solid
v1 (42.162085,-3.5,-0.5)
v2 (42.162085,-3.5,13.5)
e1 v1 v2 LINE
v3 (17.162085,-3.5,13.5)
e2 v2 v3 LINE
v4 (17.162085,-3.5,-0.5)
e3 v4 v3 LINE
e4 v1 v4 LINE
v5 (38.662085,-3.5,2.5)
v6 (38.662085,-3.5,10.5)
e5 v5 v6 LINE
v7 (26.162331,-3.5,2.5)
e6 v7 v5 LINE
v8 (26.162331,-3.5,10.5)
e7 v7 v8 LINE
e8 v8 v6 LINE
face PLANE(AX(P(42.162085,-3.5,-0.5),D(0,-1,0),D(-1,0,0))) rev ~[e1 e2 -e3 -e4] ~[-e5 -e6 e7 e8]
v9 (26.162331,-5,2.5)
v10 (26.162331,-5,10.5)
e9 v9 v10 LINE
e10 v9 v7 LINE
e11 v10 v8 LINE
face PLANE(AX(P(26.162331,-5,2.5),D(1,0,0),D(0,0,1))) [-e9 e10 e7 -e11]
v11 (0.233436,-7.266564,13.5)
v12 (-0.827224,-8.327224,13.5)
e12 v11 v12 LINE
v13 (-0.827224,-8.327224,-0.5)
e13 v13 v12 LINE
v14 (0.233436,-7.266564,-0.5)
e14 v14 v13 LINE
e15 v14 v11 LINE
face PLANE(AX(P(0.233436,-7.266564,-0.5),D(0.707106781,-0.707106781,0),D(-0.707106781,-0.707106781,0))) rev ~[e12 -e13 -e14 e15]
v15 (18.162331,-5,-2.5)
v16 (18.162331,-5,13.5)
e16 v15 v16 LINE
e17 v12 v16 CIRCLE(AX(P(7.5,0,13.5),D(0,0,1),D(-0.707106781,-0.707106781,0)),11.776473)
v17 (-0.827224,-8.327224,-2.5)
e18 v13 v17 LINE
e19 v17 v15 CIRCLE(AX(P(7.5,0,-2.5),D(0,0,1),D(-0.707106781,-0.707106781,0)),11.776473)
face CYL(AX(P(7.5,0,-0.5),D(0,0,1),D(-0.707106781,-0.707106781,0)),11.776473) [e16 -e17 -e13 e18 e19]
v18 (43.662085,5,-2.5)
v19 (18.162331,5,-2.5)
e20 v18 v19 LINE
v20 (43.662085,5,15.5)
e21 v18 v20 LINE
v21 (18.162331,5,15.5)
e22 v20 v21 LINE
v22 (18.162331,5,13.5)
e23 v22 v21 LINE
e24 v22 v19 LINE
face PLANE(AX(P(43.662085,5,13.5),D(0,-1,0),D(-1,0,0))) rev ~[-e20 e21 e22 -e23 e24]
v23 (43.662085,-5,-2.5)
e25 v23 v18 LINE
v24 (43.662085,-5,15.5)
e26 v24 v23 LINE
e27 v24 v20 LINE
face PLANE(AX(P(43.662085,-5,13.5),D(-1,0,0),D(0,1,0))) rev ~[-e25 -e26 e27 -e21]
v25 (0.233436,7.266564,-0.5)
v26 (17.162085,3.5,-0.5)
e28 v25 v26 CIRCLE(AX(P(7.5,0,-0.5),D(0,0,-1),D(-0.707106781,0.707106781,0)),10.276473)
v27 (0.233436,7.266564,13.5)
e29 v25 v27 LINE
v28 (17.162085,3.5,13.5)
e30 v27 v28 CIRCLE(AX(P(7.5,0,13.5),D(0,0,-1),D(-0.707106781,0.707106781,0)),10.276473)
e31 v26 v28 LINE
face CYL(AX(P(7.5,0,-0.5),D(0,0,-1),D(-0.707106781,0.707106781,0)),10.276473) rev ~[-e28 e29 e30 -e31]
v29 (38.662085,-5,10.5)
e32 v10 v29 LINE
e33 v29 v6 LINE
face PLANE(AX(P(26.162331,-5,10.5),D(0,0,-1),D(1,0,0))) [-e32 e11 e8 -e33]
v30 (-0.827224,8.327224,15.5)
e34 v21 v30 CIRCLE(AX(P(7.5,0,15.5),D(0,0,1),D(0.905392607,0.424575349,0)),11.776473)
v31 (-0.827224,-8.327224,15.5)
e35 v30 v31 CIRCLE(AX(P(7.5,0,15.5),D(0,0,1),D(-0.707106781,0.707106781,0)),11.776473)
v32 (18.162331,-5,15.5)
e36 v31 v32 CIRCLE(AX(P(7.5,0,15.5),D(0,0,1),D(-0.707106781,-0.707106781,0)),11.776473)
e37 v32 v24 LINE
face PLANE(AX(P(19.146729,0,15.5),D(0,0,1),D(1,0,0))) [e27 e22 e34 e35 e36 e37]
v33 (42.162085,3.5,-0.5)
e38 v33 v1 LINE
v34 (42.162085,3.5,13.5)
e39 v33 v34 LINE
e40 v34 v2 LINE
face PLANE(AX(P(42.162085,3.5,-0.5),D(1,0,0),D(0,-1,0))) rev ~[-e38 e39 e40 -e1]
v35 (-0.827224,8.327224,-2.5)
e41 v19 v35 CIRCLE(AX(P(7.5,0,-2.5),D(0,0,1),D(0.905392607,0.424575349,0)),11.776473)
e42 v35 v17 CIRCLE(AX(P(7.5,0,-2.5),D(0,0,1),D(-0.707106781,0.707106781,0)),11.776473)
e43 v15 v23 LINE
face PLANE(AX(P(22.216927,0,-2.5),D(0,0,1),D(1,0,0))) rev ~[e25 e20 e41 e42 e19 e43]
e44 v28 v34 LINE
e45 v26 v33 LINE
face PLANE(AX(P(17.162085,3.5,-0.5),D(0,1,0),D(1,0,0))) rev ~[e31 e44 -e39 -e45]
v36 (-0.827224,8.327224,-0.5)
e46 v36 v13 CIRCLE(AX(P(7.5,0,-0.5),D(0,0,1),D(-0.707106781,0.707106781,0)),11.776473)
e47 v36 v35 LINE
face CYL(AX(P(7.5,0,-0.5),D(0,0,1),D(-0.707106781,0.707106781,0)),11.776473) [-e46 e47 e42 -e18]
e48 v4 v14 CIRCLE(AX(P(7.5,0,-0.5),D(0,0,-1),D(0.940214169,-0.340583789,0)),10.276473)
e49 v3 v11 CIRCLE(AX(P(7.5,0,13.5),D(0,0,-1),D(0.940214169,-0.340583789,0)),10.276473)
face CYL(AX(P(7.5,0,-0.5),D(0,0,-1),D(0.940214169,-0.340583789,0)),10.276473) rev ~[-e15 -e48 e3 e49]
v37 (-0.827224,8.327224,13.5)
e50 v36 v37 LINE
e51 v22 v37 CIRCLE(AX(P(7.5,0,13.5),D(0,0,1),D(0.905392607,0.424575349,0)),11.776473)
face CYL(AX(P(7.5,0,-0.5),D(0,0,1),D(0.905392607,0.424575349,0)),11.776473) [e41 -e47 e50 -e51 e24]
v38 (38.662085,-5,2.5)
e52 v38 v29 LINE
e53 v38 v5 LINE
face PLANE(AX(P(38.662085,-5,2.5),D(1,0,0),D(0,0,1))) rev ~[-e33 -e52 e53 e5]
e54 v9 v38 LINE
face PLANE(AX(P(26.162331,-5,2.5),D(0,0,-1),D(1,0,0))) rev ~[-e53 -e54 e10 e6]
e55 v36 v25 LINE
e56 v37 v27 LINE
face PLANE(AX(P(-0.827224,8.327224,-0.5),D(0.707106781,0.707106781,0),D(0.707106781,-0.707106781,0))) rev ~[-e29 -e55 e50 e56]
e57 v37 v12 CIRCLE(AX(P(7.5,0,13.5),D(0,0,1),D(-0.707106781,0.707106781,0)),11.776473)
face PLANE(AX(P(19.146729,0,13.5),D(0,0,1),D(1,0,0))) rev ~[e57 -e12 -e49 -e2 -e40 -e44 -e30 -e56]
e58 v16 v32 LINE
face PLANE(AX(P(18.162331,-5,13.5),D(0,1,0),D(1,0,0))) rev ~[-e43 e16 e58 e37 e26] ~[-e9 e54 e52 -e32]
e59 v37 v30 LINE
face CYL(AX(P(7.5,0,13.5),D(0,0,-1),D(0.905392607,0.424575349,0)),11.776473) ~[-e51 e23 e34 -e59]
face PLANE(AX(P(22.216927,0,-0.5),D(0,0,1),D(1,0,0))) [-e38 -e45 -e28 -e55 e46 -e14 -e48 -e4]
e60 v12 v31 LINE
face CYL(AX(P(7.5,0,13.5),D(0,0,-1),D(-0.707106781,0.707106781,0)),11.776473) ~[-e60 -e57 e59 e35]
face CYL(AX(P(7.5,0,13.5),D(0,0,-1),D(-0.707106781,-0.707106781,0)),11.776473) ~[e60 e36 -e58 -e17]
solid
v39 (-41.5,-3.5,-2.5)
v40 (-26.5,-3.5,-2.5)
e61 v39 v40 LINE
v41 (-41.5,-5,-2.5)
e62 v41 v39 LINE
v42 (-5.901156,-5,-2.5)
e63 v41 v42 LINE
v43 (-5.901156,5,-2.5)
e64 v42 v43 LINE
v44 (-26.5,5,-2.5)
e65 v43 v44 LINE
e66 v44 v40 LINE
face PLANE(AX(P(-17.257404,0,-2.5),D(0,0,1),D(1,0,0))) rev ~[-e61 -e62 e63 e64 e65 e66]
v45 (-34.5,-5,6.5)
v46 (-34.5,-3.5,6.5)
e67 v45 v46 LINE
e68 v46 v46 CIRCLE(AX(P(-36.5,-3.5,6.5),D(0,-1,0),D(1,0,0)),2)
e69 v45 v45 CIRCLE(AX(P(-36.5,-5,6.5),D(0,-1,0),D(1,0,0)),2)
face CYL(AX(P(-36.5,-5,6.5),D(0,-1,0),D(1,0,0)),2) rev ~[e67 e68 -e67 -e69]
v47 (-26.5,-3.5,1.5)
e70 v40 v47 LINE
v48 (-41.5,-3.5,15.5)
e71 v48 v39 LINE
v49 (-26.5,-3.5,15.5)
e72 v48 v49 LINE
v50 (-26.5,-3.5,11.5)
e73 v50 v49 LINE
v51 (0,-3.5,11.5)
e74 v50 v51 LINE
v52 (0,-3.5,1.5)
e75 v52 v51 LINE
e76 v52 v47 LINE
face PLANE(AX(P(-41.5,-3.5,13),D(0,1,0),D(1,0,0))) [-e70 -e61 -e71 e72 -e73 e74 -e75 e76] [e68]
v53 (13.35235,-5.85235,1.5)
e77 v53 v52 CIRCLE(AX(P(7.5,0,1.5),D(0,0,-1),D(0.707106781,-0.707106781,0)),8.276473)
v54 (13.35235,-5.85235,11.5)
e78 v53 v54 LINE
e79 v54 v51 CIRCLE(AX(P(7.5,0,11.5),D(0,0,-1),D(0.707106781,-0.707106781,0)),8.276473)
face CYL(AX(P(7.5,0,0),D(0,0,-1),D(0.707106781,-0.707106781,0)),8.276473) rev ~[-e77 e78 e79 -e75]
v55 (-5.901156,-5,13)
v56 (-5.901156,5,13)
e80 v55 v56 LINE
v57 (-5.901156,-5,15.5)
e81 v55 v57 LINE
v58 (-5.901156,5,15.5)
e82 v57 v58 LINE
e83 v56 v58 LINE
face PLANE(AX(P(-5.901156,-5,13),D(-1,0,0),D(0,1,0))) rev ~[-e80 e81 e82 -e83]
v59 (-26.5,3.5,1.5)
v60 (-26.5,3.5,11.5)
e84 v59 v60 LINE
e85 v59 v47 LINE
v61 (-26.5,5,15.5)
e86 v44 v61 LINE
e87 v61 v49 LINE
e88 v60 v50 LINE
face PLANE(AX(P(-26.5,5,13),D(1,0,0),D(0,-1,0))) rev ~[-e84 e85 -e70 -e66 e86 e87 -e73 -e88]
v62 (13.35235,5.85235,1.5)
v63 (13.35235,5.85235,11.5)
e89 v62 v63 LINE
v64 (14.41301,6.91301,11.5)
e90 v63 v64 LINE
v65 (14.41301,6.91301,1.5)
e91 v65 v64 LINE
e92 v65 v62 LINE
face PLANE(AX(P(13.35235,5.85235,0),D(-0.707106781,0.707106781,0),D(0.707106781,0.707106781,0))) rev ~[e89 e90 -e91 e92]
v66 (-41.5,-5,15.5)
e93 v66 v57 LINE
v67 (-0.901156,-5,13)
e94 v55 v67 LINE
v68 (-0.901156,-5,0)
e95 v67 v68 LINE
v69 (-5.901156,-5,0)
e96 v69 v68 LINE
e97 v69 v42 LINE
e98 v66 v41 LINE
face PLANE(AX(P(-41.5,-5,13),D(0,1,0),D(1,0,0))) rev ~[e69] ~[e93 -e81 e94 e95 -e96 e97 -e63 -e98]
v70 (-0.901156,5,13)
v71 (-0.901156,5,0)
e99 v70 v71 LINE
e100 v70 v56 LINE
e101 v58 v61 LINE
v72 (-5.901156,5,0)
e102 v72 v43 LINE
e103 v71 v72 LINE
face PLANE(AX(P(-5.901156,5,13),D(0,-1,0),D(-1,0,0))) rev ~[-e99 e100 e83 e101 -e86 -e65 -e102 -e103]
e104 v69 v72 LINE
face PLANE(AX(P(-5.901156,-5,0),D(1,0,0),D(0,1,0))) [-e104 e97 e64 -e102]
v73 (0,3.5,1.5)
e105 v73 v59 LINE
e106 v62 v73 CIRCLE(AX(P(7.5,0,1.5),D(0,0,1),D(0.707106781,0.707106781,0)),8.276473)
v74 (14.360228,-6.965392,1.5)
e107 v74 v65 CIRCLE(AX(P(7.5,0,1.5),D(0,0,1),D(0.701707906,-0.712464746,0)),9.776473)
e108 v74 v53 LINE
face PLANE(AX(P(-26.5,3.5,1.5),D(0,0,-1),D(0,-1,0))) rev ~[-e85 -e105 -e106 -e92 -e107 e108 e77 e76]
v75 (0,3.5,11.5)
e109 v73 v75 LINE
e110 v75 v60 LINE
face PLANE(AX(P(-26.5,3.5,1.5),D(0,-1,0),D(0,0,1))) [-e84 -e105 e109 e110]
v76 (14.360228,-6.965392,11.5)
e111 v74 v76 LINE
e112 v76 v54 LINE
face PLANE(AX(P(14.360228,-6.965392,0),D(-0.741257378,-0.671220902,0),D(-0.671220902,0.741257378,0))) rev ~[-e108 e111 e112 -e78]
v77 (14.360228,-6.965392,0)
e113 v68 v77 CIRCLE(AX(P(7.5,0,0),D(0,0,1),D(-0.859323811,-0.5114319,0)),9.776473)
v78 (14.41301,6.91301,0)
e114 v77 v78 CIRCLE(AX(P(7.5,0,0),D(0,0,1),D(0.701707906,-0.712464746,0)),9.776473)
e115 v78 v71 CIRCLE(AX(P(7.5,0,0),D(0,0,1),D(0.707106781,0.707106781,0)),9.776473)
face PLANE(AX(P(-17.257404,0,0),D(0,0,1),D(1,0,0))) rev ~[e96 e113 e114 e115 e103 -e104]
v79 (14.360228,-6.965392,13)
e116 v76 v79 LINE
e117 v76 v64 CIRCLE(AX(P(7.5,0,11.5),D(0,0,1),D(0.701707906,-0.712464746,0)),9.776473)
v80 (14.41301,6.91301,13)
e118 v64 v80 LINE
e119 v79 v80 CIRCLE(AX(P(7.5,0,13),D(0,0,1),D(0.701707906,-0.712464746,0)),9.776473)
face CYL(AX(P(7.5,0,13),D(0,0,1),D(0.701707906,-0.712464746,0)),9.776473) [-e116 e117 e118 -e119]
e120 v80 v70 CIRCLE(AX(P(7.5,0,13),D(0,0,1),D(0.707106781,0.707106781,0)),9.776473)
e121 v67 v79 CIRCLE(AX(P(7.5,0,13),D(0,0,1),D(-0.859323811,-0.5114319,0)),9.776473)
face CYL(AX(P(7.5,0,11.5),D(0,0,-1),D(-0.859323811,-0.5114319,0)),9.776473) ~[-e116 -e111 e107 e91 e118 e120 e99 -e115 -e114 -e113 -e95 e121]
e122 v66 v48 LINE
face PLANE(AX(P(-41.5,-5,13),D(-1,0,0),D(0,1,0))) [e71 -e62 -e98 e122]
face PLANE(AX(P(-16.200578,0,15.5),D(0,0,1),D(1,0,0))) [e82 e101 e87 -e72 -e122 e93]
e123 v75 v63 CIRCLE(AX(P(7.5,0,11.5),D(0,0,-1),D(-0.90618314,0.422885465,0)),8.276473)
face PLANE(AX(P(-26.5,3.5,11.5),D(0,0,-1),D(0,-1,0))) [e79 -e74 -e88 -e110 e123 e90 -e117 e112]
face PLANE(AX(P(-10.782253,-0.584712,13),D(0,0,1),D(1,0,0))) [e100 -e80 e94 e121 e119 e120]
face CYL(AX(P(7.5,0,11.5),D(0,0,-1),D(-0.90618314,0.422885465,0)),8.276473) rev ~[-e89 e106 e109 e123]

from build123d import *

# Parameters (mm, degrees)
F0_W      = 15
F0_H      = 1.5
F3_DEPTH  = 11.5
F0_W_2    = 19.098844244
F0_H_2    = 7
F0_W_3    = 5.901155756
F4_DEPTH  = 1.5
F7_DEPTH  = 1.5
F8_W      = 7
F8_H      = 10
F9_DEPTH  = 1.5
F10_DEPTH = 14
F11_DEPTH = 2
F14_DEPTH = 2
F15_R     = 2
F16_DEPTH = 1.5
F17_W     = 12.4997539157
F17_H     = 8
F18_DEPTH = 1.5
F19_DEPTH = 2.5
F6_W      = 15
F6_H      = 1.5
F20_DEPTH = 2.5


with BuildPart() as f3:
    # F0 (on Top) → F3 (new body)
    with BuildSketch(Plane.XY):
        Polygon((-25, -3.5), (-25, 3.5), (-5.901155756, 3.5), (-5.901155756, 5), (-26.5, 5), (-26.5, -3.5), (-26.5, -5), (-5.901155756, -5), (-5.901155756, -3.5), align=None)
        with BuildLine():
            Line((-5.901155756, 5), (-5.901155756, 3.5))
            Line((-5.901155756, 3.5), (0, 3.5))
            ThreePointArc((0, 3.5), (6.0640072265, 8.150946249), (13.3523499554, 5.8523499554))
            Line((13.3523499554, 5.8523499554), (14.4130101271, 6.9130101271))
            ThreePointArc((14.4130101271, 6.9130101271), (6.288164083, 9.7010758035), (-0.901155756, 5))
            Line((-0.901155756, 5), (-5.901155756, 5))
        make_face()
        with Locations((-34, -4.25)):
            Rectangle(F0_W, F0_H)
        with BuildLine():
            Line((0, -3.5), (-5.901155756, -3.5))
            Line((-5.901155756, -3.5), (-5.901155756, -5))
            Line((-5.901155756, -5), (-0.901155756, -5))
            ThreePointArc((-0.901155756, -5), (6.2512782538, -9.6963968584), (14.3602281761, -6.9653921216))
            Line((14.3602281761, -6.9653921216), (13.3523499554, -5.8523499554))
            ThreePointArc((13.3523499554, -5.8523499554), (6.0640072265, -8.150946249), (0, -3.5))
        make_face()
    extrude(amount=F3_DEPTH)

    # F3_face (on face) + F0 (on Top) → F4 (join)
    with BuildSketch(Plane(origin=(-10.9399146221, -0.5895055558, 11.5), x_dir=(1, 0, 0), z_dir=(0, 0, 1))):
        with BuildLine():
            Line((-15.5600853779, 5.5895055558), (-15.5600853779, -2.9104944442))
            Line((-15.5600853779, -2.9104944442), (-30.5600853779, -2.9104944442))
            Line((-30.5600853779, -2.9104944442), (-30.5600853779, -4.4104944442))
            Line((-30.5600853779, -4.4104944442), (10.0387588661, -4.4104944442))
            ThreePointArc((10.0387588661, -4.4104944442), (17.1911928759, -9.1068913026), (25.3001427982, -6.3758865658))
            Line((25.3001427982, -6.3758865658), (24.2922645775, -5.2628443995))
            ThreePointArc((24.2922645775, -5.2628443995), (17.0039218486, -7.5614406932), (10.9399146221, -2.9104944442))
            Line((10.9399146221, -2.9104944442), (-14.0600853779, -2.9104944442))
            Line((-14.0600853779, -2.9104944442), (-14.0600853779, 4.0895055558))
            Line((-14.0600853779, 4.0895055558), (10.9399146221, 4.0895055558))
            ThreePointArc((10.9399146221, 4.0895055558), (17.0039218486, 8.7404518048), (24.2922645775, 6.4418555112))
            Line((24.2922645775, 6.4418555112), (25.3529247492, 7.502515683))
            ThreePointArc((25.3529247492, 7.502515683), (17.2280787051, 10.2905813594), (10.0387588661, 5.5895055558))
            Line((10.0387588661, 5.5895055558), (-15.5600853779, 5.5895055558))
        make_face()
    with BuildSketch(Plane.XY):
        Polygon((-25, -3.5), (-25, 3.5), (-5.901155756, 3.5), (-5.901155756, 5), (-26.5, 5), (-26.5, -3.5), (-26.5, -5), (-5.901155756, -5), (-5.901155756, -3.5), align=None)
        with BuildLine():
            Line((0, -3.5), (-5.901155756, -3.5))
            Line((-5.901155756, -3.5), (-5.901155756, -5))
            Line((-5.901155756, -5), (-0.901155756, -5))
            ThreePointArc((-0.901155756, -5), (6.2512782538, -9.6963968584), (14.3602281761, -6.9653921216))
            Line((14.3602281761, -6.9653921216), (13.3523499554, -5.8523499554))
            ThreePointArc((13.3523499554, -5.8523499554), (6.0640072265, -8.150946249), (0, -3.5))
        make_face()
        with BuildLine():
            ThreePointArc((13.3523499554, 5.8523499554), (6.0640072265, 8.150946249), (0, 3.5))
            Line((0, 3.5), (0, -3.5))
            ThreePointArc((0, -3.5), (6.0640072265, -8.150946249), (13.3523499554, -5.8523499554))
            Line((13.3523499554, -5.8523499554), (7.5, 0))
            Line((7.5, 0), (13.3523499554, 5.8523499554))
        make_face()
        with BuildLine():
            Line((14.4130101271, 6.9130101271), (13.3523499554, 5.8523499554))
            Line((13.3523499554, 5.8523499554), (7.5, 0))
            Line((7.5, 0), (13.3523499554, -5.8523499554))
            Line((13.3523499554, -5.8523499554), (14.3602281761, -6.9653921216))
            ThreePointArc((14.3602281761, -6.9653921216), (17.2764019754, -0.0371813384), (14.4130101271, 6.9130101271))
        make_face()
        with Locations((-15.450577878, 0)):
            Rectangle(F0_W_2, F0_H_2)
        with Locations((-2.950577878, 0)):
            Rectangle(F0_W_3, F0_H_2)
    extrude(amount=F4_DEPTH)

    # F6 (on offset) → F7 (join)
    with BuildSketch(Plane.XY.offset(13)):
        Polygon((-26.5, -3.5), (-26.5, -5), (-5.901155756, -5), (-5.901155756, 5), (-26.5, 5), align=None)
        with BuildLine():
            Line((-5.901155756, 5), (-5.901155756, -5))
            Line((-5.901155756, -5), (-0.901155756, -5))
            ThreePointArc((-0.901155756, -5), (6.2512782538, -9.6963968584), (14.3602281761, -6.9653921216))
            ThreePointArc((14.3602281761, -6.9653921216), (17.2764019754, -0.0371813384), (14.4130101271, 6.9130101271))
            ThreePointArc((14.4130101271, 6.9130101271), (6.288164083, 9.7010758035), (-0.901155756, 5))
            Line((-0.901155756, 5), (-5.901155756, 5))
        make_face()
    extrude(amount=-F7_DEPTH)

    # F8 (on face) → F9 (cut, through all)
    with BuildSketch(Plane(origin=(-26.5, 0, 0), x_dir=(0, -1, 0), z_dir=(-1, 0, 0))):
        with Locations((0, 6.5)):
            Rectangle(F8_W, F8_H)
    extrude(amount=-F9_DEPTH, mode=Mode.SUBTRACT)

    # F15 (on face) → F16 (cut, through all)
    with BuildSketch(Plane.XZ.offset(5)):
        with Locations((-36.5, 6.5)):
            Circle(F15_R)
    extrude(amount=-F16_DEPTH, mode=Mode.SUBTRACT)

    # F0 (on Top) → F19 (join)
    with BuildSketch(Plane.XY):
        Polygon((-25, -3.5), (-25, 3.5), (-5.901155756, 3.5), (-5.901155756, 5), (-26.5, 5), (-26.5, -3.5), (-26.5, -5), (-5.901155756, -5), (-5.901155756, -3.5), align=None)
        with Locations((-15.450577878, 0)):
            Rectangle(F0_W_2, F0_H_2)
        with Locations((-34, -4.25)):
            Rectangle(F0_W, F0_H)
    extrude(amount=-F19_DEPTH)

    # F6 (on offset) → F20 (join)
    with BuildSketch(Plane.XY.offset(13)):
        Polygon((-26.5, -3.5), (-26.5, -5), (-5.901155756, -5), (-5.901155756, 5), (-26.5, 5), align=None)
        with Locations((-34, -4.25)):
            Rectangle(F6_W, F6_H)
    extrude(amount=F20_DEPTH)


with BuildPart() as f10:
    # F2 (on offset) → F10 (new body)
    with BuildSketch(Plane.XY.offset(-0.5)):
        with BuildLine():
            ThreePointArc((0.2334364823, 7.2665635177), (9.731900812, 10.0311768741), (17.1620852157, 3.5))
            Line((17.1620852157, 3.5), (42.1620852157, 3.5))
            Line((42.1620852157, 3.5), (42.1620852157, -3.5))
            Line((42.1620852157, -3.5), (17.1620852157, -3.5))
            ThreePointArc((17.1620852157, -3.5), (9.731900812, -10.0311768741), (0.2334364823, -7.2665635177))
            Line((0.2334364823, -7.2665635177), (-0.8272236895, -8.3272236895))
            ThreePointArc((-0.8272236895, -8.3272236895), (9.5324335802, -11.5997638981), (18.1623313, -5))
            Line((18.1623313, -5), (43.6620852157, -5))
            Line((43.6620852157, -5), (43.6620852157, 5))
            Line((43.6620852157, 5), (18.1623313, 5))
            ThreePointArc((18.1623313, 5), (9.5324335802, 11.5997638981), (-0.8272236895, 8.3272236895))
            Line((-0.8272236895, 8.3272236895), (0.2334364823, 7.2665635177))
        make_face()
    extrude(amount=F10_DEPTH)

    # F2 (on offset) → F11 (join)
    with BuildSketch(Plane.XY.offset(-0.5)):
        with BuildLine():
            ThreePointArc((0.2334364823, 7.2665635177), (9.731900812, 10.0311768741), (17.1620852157, 3.5))
            Line((17.1620852157, 3.5), (42.1620852157, 3.5))
            Line((42.1620852157, 3.5), (42.1620852157, -3.5))
            Line((42.1620852157, -3.5), (17.1620852157, -3.5))
            ThreePointArc((17.1620852157, -3.5), (9.731900812, -10.0311768741), (0.2334364823, -7.2665635177))
            Line((0.2334364823, -7.2665635177), (-0.8272236895, -8.3272236895))
            ThreePointArc((-0.8272236895, -8.3272236895), (9.5324335802, -11.5997638981), (18.1623313, -5))
            Line((18.1623313, -5), (43.6620852157, -5))
            Line((43.6620852157, -5), (43.6620852157, 5))
            Line((43.6620852157, 5), (18.1623313, 5))
            ThreePointArc((18.1623313, 5), (9.5324335802, 11.5997638981), (-0.8272236895, 8.3272236895))
            Line((-0.8272236895, 8.3272236895), (0.2334364823, 7.2665635177))
        make_face()
        with BuildLine():
            Line((42.1620852157, 3.5), (17.1620852157, 3.5))
            ThreePointArc((17.1620852157, 3.5), (9.731900812, 10.0311768741), (0.2334364823, 7.2665635177))
            Line((0.2334364823, 7.2665635177), (0.5869898729, 6.9130101271))
            Line((0.5869898729, 6.9130101271), (7.5, 0))
            Line((7.5, 0), (0.2334364823, -7.2665635177))
            ThreePointArc((0.2334364823, -7.2665635177), (9.731900812, -10.0311768741), (17.1620852157, -3.5))
            Line((17.1620852157, -3.5), (42.1620852157, -3.5))
            Line((42.1620852157, -3.5), (42.1620852157, 3.5))
        make_face()
        with BuildLine():
            Line((0.5869898729, 6.9130101271), (0.2334364823, 7.2665635177))
            Line((0.2334364823, 7.2665635177), (-0.8272236895, 8.3272236895))
            ThreePointArc((-0.8272236895, 8.3272236895), (-4.2764726786, 0), (-0.8272236895, -8.3272236895))
            Line((-0.8272236895, -8.3272236895), (0.2334364823, -7.2665635177))
            Line((0.2334364823, -7.2665635177), (7.5, 0))
            Line((7.5, 0), (0.5869898729, 6.9130101271))
        make_face()
    extrude(amount=-F11_DEPTH)

    # F13 (on offset) → F14 (join)
    with BuildSketch(Plane.XY.offset(13.5)):
        with BuildLine():
            Line((43.6620852157, -5), (43.6620852157, 5))
            Line((43.6620852157, 5), (18.1623313, 5))
            ThreePointArc((18.1623313, 5), (9.5324335802, 11.5997638981), (-0.8272236895, 8.3272236895))
            ThreePointArc((-0.8272236895, 8.3272236895), (-4.2764726786, 0), (-0.8272236895, -8.3272236895))
            ThreePointArc((-0.8272236895, -8.3272236895), (9.5324335802, -11.5997638981), (18.1623313, -5))
            Line((18.1623313, -5), (43.6620852157, -5))
        make_face()
    extrude(amount=F14_DEPTH)

    # F17 (on face) → F18 (cut, through all)
    with BuildSketch(Plane.XZ.offset(5)):
        with Locations((32.4122082578, 6.5)):
            Rectangle(F17_W, F17_H)
    extrude(amount=-F18_DEPTH, mode=Mode.SUBTRACT)


solid = Compound([f3.part, f10.part])
